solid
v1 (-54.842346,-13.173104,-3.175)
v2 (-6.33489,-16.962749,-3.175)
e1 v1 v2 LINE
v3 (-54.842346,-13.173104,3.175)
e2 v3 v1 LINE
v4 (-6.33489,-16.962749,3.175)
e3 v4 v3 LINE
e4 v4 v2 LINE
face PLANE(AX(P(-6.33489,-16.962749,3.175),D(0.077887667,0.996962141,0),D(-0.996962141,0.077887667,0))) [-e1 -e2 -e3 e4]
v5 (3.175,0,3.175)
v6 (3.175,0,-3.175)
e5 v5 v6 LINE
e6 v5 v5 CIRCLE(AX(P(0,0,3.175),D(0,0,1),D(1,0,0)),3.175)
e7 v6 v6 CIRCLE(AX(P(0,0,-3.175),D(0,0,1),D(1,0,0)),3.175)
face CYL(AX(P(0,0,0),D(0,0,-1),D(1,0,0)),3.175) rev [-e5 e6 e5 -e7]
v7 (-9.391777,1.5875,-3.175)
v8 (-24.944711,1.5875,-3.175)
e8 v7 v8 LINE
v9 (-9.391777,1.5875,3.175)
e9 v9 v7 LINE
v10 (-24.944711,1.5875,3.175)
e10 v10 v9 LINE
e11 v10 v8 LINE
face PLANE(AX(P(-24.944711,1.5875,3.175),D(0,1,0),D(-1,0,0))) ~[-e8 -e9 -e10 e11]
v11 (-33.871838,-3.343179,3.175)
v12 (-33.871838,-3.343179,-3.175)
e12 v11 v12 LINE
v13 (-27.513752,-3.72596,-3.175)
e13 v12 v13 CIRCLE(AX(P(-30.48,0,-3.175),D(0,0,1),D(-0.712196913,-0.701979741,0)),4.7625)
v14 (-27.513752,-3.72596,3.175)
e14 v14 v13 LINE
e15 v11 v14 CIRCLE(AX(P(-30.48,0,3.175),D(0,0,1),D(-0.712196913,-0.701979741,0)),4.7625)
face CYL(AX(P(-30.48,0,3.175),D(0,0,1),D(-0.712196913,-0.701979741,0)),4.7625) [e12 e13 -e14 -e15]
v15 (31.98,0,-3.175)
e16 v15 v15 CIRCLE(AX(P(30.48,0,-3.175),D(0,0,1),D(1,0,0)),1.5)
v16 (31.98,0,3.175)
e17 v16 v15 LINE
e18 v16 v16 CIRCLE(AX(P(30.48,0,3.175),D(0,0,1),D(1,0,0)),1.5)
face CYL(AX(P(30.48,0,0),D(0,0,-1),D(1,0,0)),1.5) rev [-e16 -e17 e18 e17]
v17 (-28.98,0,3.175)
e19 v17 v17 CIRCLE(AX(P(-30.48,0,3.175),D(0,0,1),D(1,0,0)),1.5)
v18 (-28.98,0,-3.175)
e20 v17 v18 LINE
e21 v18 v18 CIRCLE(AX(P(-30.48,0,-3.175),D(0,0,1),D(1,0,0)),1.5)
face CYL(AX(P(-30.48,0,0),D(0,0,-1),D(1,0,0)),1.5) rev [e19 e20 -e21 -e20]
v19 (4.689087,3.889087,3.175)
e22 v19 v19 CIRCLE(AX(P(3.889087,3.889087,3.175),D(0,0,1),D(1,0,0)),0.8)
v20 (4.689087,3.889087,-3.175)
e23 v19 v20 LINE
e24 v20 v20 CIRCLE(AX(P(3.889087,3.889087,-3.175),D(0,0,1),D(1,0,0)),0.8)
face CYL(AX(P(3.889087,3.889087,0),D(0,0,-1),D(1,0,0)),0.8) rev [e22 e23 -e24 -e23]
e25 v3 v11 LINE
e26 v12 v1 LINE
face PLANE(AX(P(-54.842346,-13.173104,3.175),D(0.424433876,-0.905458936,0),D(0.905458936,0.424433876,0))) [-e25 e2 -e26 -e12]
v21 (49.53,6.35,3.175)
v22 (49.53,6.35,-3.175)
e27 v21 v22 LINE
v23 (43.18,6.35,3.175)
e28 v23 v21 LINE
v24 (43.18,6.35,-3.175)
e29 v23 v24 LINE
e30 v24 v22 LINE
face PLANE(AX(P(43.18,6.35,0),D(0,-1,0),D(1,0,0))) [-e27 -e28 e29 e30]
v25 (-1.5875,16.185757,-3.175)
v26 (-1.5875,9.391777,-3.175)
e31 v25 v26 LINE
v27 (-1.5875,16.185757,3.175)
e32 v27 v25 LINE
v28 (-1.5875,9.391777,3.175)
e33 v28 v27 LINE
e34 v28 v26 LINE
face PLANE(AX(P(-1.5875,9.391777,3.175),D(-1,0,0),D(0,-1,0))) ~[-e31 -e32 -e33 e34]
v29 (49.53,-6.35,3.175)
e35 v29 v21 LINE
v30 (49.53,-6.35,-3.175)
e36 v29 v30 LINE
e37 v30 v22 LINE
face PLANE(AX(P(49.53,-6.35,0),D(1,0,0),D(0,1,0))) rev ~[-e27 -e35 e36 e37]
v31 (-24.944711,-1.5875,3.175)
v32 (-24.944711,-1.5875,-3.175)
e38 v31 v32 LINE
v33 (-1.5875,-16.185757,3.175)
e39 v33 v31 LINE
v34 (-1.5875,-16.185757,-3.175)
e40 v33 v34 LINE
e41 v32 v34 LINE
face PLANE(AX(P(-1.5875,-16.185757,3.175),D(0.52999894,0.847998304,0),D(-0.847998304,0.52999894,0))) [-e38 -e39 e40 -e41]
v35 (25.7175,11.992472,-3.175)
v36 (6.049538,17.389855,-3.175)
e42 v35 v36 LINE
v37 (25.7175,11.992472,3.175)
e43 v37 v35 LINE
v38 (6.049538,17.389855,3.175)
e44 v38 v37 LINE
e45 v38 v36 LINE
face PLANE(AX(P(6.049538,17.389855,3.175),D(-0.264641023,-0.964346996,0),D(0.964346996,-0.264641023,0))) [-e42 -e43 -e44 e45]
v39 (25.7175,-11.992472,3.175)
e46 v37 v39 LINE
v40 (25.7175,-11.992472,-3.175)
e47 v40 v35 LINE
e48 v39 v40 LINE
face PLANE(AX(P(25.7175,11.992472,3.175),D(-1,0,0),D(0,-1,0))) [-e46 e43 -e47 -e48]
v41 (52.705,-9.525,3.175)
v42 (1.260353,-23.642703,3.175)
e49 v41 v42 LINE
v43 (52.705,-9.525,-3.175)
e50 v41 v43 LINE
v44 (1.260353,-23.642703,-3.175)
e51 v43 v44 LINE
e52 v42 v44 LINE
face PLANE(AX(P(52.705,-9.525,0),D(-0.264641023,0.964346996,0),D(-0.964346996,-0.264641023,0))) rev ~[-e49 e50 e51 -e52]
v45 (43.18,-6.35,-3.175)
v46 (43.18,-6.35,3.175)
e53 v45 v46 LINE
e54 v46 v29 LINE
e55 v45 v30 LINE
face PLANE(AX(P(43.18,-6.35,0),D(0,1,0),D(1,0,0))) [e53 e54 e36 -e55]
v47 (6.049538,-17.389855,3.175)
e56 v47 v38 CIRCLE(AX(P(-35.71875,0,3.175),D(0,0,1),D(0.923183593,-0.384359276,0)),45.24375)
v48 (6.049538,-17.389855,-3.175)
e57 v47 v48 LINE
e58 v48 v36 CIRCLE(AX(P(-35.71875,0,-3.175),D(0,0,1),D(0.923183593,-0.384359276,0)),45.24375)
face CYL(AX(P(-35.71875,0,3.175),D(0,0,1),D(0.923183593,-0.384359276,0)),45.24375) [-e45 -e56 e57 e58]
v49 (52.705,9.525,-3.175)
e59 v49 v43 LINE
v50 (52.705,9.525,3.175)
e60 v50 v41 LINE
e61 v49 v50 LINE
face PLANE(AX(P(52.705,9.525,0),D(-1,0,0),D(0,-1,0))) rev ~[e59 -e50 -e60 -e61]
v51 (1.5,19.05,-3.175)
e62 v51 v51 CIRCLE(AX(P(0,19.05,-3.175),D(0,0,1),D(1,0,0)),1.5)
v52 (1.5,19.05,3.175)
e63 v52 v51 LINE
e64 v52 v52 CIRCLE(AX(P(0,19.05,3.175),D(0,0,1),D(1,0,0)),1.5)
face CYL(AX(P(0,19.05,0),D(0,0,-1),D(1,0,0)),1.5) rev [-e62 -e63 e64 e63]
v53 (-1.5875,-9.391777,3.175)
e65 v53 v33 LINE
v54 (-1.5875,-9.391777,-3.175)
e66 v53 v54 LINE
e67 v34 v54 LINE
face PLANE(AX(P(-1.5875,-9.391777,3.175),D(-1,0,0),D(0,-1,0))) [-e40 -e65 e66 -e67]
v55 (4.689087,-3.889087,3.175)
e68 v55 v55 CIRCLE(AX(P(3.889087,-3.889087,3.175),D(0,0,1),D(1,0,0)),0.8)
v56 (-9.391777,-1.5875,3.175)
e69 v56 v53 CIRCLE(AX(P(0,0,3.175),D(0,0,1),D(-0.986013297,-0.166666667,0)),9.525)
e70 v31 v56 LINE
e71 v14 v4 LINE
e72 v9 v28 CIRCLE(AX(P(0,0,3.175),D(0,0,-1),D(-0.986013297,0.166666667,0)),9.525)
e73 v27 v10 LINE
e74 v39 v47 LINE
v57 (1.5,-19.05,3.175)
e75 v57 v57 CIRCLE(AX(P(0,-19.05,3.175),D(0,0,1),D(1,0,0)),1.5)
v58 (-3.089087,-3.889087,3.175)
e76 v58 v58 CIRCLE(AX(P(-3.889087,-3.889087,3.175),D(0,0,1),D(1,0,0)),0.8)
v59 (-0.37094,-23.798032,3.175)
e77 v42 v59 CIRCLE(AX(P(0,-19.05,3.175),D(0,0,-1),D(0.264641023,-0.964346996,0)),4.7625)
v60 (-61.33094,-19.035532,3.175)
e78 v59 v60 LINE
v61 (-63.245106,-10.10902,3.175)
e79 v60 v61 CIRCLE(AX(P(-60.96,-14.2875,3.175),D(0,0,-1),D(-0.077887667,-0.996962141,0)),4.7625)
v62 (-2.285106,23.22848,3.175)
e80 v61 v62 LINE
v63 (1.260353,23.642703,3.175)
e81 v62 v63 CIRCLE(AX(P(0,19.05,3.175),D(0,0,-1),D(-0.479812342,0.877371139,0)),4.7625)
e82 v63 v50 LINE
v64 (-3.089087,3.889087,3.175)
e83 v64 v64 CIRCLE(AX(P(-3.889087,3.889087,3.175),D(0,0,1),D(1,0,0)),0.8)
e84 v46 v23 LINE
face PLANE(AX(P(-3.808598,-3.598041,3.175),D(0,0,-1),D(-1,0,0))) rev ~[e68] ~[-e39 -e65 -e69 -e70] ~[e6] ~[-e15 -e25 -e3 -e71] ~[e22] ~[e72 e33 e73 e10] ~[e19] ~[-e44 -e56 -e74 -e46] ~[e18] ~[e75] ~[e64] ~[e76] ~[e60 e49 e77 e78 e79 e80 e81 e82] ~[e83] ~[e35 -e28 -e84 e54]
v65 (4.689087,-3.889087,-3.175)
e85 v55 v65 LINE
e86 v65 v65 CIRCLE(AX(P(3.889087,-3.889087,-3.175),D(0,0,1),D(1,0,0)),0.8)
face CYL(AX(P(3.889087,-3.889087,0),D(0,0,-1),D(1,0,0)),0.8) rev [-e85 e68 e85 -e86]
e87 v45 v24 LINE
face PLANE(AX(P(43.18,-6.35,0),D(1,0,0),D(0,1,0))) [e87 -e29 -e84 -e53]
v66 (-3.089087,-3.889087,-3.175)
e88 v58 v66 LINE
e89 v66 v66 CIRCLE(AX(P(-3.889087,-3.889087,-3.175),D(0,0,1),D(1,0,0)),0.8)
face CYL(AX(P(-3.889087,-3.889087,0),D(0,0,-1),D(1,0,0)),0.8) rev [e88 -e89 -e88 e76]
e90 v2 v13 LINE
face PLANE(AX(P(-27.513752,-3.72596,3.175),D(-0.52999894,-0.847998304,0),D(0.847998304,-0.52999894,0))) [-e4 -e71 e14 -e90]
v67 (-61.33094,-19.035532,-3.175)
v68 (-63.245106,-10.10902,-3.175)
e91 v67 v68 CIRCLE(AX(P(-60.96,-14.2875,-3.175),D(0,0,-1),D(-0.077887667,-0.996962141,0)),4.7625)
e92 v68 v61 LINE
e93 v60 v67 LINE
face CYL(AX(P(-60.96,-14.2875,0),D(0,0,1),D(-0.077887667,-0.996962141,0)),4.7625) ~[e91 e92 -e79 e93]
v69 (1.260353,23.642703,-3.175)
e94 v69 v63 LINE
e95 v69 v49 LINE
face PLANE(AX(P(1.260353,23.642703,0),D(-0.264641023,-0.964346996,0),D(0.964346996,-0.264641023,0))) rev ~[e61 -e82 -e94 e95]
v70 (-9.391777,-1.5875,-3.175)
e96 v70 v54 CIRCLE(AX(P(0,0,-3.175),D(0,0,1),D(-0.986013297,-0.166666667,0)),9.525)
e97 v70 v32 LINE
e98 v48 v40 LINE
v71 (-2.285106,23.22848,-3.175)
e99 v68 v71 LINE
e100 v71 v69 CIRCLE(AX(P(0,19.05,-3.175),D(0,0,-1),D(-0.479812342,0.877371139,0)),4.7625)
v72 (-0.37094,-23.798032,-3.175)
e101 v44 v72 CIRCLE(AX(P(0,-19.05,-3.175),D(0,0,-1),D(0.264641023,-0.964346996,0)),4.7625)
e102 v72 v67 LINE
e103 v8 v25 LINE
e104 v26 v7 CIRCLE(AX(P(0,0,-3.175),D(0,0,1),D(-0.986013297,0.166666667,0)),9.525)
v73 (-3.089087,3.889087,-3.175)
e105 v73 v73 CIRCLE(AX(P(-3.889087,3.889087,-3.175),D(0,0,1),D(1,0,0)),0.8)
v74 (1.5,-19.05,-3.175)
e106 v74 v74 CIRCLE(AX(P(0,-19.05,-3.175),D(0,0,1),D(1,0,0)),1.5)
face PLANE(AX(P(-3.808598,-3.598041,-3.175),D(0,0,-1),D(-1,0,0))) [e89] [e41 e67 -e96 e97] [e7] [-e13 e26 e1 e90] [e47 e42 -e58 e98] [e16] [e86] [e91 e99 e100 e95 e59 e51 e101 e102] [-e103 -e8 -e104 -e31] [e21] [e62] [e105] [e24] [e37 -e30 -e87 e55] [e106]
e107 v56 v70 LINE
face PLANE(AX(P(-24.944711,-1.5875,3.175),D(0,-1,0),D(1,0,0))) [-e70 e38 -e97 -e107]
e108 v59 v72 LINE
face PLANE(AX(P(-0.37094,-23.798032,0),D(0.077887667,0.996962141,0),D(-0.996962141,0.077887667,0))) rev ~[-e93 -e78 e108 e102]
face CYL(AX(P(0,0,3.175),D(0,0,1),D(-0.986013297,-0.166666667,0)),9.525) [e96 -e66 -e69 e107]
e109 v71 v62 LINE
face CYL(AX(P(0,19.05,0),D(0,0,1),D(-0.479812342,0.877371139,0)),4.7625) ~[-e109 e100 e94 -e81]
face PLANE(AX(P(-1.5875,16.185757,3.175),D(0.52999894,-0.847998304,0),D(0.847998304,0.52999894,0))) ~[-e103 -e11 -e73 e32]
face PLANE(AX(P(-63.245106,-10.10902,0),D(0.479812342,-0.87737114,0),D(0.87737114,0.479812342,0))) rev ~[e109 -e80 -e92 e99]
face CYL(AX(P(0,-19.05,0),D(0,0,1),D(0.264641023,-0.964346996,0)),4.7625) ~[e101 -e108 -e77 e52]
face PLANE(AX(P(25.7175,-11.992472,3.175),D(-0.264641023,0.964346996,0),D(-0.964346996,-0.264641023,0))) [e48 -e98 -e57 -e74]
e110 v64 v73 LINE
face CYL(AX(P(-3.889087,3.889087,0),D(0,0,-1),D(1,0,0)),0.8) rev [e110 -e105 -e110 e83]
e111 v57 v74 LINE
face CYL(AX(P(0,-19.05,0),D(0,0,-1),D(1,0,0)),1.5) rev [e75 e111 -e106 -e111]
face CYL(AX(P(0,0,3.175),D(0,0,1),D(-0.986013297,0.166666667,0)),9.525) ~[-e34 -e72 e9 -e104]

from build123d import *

# Parameters (mm, degrees)
SKETCH1_R           = 3.175
SKETCH1_R_2         = 0.8
SKETCH1_R_3         = 1.5
SKETCH1_W           = 6.35
SKETCH1_H           = 12.7
BOSS_EXTRUDE1_DEPTH = 3.175
CUT_EXTRUDE1_DEPTH  = 7.35
CUT_EXTRUDE2_DEPTH  = 7.35


with BuildPart() as part:
    # Sketch1 → Boss-Extrude1 (new body, symmetric)
    with BuildSketch(Plane.XY):
        with BuildLine():
            Line((52.705, 9.525), (52.705, -9.525))
            Line((52.705, -9.525), (1.260352874, -23.642702569))
            ThreePointArc((1.260352874, -23.642702569), (0.451437295, -23.791055855), (-0.370940015, -23.798032198))
            Line((-0.370940015, -23.798032198), (-61.330940015, -19.035532198))
            ThreePointArc((-61.330940015, -19.035532198), (-65.616640497, -15.286051717), (-63.245106279, -10.109019948))
            Line((-63.245106279, -10.109019948), (-2.285106279, 23.228480052))
            ThreePointArc((-2.285106279, 23.228480052), (-0.552652656, 23.780325707), (1.260352874, 23.642702569))
            Line((1.260352874, 23.642702569), (52.705, 9.525))
        make_face()
        Circle(SKETCH1_R, mode=Mode.SUBTRACT)
        with Locations((-3.889087297, 3.889087297)):
            Circle(SKETCH1_R_2, mode=Mode.SUBTRACT)
        with Locations((3.889087297, -3.889087297)):
            Circle(SKETCH1_R_2, mode=Mode.SUBTRACT)
        with Locations((30.48, 0)):
            Circle(SKETCH1_R_3, mode=Mode.SUBTRACT)
        with Locations((-30.48, 0)):
            Circle(SKETCH1_R_3, mode=Mode.SUBTRACT)
        with Locations((3.889087297, 3.889087297)):
            Circle(SKETCH1_R_2, mode=Mode.SUBTRACT)
        with Locations((-3.889087297, -3.889087297)):
            Circle(SKETCH1_R_2, mode=Mode.SUBTRACT)
        with Locations((0, -19.05)):
            Circle(SKETCH1_R_3, mode=Mode.SUBTRACT)
        with Locations((0, 19.05)):
            Circle(SKETCH1_R_3, mode=Mode.SUBTRACT)
        with Locations((46.355, 0)):
            Rectangle(SKETCH1_W, SKETCH1_H, mode=Mode.SUBTRACT)
    extrude(amount=BOSS_EXTRUDE1_DEPTH, both=True)

    # Sketch2 → Cut-Extrude1 (cut, through all)
    with BuildSketch(Plane.XY.offset(3.175)):
        with BuildLine():
            Line((-6.334889923, -16.962749429), (-54.842346338, -13.173104397))
            Line((-54.842346338, -13.173104397), (-33.871837797, -3.343178518))
            ThreePointArc((-33.871837797, -3.343178518), (-30.766203139, -4.753892512), (-27.513752337, -3.72596042))
            Line((-27.513752337, -3.72596042), (-6.334889923, -16.962749429))
        make_face()
        with BuildLine():
            Line((25.7175, 11.992472423), (25.7175, -11.992472423))
            Line((25.7175, -11.992472423), (6.049537699, -17.389854996))
            ThreePointArc((6.049537699, -17.389854996), (9.525, 0), (6.049537699, 17.389854996))
            Line((6.049537699, 17.389854996), (25.7175, 11.992472423))
        make_face()
    extrude(amount=-CUT_EXTRUDE1_DEPTH, mode=Mode.SUBTRACT)

    # Sketch3 → Cut-Extrude2 (cut, through all)
    with BuildSketch(Plane.XY.offset(3.175)):
        with BuildLine():
            Line((-1.5875, -16.185756869), (-24.944710991, -1.5875))
            Line((-24.944710991, -1.5875), (-9.391776656, -1.5875))
            ThreePointArc((-9.391776656, -1.5875), (-6.735192091, -6.735192091), (-1.5875, -9.391776656))
            Line((-1.5875, -9.391776656), (-1.5875, -16.185756869))
        make_face()
    cut_extrude2 = extrude(amount=-CUT_EXTRUDE2_DEPTH, mode=Mode.SUBTRACT)

    # Mirror1: Cut-Extrude2 across plane
    add(cut_extrude2.mirror(Plane.ZX), mode=Mode.SUBTRACT)


solid = part.part
